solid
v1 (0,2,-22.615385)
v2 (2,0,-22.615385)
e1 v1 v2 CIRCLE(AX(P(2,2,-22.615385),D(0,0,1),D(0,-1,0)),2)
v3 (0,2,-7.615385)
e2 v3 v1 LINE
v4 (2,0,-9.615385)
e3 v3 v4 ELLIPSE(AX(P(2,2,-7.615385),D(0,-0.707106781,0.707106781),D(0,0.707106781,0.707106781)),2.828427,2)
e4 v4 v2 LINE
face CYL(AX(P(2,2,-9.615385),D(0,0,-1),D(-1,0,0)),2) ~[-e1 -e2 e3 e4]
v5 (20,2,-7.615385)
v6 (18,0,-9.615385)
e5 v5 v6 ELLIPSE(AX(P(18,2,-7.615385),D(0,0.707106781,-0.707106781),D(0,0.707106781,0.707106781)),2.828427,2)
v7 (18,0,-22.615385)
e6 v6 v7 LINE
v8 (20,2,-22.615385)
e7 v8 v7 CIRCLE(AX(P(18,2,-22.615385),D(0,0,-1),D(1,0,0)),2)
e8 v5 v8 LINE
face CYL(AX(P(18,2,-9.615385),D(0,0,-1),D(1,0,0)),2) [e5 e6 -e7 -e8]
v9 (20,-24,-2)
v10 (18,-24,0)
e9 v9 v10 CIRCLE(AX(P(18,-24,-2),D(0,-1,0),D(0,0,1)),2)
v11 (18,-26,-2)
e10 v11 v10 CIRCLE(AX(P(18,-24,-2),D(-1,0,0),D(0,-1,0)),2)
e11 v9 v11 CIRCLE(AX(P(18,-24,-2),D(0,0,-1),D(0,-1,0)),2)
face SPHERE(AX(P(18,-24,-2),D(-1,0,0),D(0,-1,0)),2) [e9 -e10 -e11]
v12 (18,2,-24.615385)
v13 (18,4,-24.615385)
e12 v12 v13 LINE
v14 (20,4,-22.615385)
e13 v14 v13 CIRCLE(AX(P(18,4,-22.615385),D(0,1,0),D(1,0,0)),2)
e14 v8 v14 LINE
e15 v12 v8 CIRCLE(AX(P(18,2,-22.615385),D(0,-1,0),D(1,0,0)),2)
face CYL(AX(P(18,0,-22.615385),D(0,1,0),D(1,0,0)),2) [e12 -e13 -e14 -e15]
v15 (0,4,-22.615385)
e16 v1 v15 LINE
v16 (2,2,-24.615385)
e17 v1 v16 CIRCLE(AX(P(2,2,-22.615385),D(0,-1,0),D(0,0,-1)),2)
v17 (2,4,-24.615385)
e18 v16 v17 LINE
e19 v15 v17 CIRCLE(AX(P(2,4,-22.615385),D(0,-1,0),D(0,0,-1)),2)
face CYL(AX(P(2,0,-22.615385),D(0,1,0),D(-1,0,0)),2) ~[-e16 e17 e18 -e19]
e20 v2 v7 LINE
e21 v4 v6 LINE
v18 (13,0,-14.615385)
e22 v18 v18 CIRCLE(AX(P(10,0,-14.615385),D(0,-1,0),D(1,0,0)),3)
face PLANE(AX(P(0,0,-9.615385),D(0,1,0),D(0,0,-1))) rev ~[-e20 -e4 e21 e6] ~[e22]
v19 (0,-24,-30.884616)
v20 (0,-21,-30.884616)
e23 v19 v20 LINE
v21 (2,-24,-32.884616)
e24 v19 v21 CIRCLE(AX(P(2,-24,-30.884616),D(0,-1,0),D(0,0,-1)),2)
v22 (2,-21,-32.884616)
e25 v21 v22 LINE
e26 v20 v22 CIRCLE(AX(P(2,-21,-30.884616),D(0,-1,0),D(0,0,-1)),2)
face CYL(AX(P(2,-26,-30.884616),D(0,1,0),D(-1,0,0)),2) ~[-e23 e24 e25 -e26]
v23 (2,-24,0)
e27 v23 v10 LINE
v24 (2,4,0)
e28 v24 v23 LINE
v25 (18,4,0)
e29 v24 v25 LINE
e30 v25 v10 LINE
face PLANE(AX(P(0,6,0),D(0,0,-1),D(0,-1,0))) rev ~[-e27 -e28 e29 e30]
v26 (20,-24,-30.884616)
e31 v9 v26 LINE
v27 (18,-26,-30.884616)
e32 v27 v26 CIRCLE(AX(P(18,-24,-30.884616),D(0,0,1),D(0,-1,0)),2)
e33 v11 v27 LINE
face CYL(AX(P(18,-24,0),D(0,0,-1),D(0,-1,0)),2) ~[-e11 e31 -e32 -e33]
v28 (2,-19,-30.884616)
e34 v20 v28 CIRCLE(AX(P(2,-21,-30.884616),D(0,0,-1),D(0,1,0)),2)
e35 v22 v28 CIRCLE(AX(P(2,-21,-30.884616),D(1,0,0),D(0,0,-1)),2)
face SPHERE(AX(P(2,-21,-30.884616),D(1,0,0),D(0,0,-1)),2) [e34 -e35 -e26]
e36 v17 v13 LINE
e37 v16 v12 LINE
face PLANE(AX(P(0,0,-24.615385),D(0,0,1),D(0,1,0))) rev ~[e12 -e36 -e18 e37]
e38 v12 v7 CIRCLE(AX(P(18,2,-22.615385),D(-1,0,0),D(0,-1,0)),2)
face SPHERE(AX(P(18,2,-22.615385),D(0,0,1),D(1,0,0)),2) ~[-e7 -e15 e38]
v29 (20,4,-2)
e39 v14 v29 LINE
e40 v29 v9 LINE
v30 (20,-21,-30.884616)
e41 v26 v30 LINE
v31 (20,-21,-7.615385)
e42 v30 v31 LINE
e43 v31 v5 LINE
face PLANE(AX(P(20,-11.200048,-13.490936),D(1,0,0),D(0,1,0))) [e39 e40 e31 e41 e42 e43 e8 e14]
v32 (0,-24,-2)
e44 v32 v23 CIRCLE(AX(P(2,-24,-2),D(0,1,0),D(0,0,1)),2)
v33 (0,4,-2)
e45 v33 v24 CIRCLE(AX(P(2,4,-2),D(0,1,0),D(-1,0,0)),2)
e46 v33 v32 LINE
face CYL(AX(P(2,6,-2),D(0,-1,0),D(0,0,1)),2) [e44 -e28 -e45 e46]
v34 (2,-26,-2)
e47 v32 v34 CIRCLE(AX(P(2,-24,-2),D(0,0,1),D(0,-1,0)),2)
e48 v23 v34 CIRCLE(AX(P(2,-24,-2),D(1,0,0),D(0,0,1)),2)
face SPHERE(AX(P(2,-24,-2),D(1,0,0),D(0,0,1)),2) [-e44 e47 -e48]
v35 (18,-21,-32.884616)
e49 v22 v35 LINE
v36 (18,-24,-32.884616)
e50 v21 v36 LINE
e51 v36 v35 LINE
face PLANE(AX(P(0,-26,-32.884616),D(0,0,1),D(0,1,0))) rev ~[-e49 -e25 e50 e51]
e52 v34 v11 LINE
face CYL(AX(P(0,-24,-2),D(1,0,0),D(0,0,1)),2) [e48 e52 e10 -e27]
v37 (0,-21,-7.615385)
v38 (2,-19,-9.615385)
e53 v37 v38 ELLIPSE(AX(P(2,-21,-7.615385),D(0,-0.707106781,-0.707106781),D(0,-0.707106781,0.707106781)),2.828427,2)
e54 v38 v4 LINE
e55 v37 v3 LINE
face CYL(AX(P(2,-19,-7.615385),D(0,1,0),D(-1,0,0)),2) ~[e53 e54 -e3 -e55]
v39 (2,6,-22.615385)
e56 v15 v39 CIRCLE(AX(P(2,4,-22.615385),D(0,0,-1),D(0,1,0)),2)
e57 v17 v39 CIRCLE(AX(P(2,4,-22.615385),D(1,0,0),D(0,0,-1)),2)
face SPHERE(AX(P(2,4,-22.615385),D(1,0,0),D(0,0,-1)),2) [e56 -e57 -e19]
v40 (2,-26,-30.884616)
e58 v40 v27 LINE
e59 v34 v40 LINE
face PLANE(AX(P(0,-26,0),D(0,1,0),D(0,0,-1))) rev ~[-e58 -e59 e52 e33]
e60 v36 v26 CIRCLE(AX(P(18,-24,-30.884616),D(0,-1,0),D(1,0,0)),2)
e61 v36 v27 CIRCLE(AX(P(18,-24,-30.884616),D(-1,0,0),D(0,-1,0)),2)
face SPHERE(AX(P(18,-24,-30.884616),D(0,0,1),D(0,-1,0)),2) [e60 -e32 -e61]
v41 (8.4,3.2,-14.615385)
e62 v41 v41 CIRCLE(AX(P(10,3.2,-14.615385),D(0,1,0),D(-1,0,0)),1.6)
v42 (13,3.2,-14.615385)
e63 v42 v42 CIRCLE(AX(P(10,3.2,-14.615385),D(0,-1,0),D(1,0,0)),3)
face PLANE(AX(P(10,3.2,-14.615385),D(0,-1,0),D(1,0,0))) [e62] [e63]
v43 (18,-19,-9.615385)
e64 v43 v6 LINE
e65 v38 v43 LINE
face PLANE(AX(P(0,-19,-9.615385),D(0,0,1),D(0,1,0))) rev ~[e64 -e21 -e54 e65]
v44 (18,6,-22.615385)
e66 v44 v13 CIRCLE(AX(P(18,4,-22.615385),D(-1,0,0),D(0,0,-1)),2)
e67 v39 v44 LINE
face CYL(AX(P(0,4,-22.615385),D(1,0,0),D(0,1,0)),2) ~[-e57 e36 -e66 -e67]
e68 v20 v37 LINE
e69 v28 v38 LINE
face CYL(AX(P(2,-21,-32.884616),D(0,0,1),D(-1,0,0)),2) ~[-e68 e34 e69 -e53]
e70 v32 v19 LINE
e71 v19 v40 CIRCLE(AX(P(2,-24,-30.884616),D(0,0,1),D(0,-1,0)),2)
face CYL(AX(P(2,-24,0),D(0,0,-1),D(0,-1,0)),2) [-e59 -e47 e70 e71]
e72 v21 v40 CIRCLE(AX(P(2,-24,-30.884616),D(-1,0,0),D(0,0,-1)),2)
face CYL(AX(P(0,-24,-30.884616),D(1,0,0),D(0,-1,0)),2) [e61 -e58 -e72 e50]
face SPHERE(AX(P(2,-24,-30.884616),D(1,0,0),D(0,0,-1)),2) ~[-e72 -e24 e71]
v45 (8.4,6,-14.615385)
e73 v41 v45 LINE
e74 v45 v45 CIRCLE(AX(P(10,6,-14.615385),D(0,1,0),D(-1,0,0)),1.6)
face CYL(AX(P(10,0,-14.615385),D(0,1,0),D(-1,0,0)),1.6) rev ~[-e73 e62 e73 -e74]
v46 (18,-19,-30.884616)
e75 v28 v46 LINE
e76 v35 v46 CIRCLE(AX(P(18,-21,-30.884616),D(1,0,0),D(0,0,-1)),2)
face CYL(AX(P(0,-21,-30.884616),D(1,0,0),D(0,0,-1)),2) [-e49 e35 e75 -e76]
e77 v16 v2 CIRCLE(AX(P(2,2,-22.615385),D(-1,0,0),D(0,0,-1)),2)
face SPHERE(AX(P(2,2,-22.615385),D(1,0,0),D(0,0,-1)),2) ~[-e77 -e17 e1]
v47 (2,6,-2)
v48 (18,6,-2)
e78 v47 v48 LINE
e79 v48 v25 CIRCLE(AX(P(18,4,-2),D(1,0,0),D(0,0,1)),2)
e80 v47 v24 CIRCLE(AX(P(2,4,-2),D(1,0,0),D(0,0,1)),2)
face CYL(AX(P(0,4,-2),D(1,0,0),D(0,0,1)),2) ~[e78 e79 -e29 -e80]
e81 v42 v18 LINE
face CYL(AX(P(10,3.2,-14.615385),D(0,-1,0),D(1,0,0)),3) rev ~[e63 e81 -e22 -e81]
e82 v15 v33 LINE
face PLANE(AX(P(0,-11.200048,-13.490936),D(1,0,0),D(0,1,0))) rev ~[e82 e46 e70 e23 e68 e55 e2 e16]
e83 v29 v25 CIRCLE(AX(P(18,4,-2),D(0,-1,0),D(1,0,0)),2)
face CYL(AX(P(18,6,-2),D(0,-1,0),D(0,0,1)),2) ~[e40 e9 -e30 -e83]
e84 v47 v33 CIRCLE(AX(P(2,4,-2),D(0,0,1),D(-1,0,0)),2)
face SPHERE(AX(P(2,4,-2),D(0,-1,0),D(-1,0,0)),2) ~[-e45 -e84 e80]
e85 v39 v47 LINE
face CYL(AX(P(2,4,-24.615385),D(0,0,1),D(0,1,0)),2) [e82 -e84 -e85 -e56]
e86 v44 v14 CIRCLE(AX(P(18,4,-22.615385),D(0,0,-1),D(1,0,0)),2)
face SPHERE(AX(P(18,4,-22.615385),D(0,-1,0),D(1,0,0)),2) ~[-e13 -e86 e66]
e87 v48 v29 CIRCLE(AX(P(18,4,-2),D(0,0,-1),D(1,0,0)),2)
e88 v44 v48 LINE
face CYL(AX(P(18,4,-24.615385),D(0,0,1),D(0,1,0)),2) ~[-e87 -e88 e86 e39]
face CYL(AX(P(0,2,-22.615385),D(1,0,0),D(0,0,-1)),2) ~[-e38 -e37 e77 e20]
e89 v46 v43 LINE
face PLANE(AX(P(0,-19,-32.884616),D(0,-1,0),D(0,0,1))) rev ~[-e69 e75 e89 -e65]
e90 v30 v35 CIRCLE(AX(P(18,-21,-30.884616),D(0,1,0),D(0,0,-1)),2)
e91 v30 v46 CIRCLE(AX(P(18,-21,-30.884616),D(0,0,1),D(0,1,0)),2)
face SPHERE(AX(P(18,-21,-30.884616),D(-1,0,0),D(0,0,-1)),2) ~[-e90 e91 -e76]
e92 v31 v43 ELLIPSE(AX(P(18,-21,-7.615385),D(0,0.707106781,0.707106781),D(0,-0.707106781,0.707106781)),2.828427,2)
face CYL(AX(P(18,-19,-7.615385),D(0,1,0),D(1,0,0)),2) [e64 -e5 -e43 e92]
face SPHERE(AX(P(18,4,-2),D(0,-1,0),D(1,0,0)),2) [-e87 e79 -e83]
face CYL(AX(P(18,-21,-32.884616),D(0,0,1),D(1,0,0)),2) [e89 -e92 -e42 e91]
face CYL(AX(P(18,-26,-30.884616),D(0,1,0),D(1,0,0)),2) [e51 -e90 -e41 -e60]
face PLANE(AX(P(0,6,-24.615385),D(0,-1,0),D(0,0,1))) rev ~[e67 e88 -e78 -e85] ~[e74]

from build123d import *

# Parameters (mm, degrees)
F1_DEPTH       = 20
F3_D           = 3.2
F3_DEPTH       = 10
F3_CBORE_D     = 6
F3_CBORE_DEPTH = 3.2
F4_R           = 2


with BuildPart() as f1:
    # F0 (on Right) → F1 (new body)
    with BuildSketch(Plane.YZ):
        Polygon((6, 0), (0, 0), (-26, 0), (-26, -32.884616), (-19, -32.884616), (-19, -9.615385), (0, -9.615385), (0, -24.615385), (6, -24.615385), align=None)
    extrude(amount=F1_DEPTH)

    # F3
    with Locations(Plane.XZ):
        with Locations((10, -14.615385)):
            CounterBoreHole(F3_D / 2, F3_CBORE_D / 2, F3_CBORE_DEPTH, depth=F3_DEPTH)

    # F4
    f4_edges = [f1.edges().sort_by_distance(p)[0] for p in [
        (10, -26, 0),
        (20, -26, -16.442308),
        (20, -10, 0),
        (10, -26, -32.884616),
        (10, -19, -32.884616),
        (0, -22.5, -32.884616),
        (20, -22.5, -32.884616),
        (20, -19, -21.250001),
        (20, -9.5, -9.615385),
        (20, 0, -17.115385),
        (20, 3, -24.615385),
        (20, 6, -12.307692),
        (10, 0, -24.615385),
        (10, 6, -24.615385),
        (0, 3, -24.615385),
        (0, -10, 0),
        (0, -26, -16.442308),
        (0, -19, -21.250001),
        (0, -9.5, -9.615385),
        (0, 0, -17.115385),
        (0, 6, -12.307692),
        (10, 6, 0),
    ]]
    fillet(f4_edges, radius=F4_R)


solid = f1.part
